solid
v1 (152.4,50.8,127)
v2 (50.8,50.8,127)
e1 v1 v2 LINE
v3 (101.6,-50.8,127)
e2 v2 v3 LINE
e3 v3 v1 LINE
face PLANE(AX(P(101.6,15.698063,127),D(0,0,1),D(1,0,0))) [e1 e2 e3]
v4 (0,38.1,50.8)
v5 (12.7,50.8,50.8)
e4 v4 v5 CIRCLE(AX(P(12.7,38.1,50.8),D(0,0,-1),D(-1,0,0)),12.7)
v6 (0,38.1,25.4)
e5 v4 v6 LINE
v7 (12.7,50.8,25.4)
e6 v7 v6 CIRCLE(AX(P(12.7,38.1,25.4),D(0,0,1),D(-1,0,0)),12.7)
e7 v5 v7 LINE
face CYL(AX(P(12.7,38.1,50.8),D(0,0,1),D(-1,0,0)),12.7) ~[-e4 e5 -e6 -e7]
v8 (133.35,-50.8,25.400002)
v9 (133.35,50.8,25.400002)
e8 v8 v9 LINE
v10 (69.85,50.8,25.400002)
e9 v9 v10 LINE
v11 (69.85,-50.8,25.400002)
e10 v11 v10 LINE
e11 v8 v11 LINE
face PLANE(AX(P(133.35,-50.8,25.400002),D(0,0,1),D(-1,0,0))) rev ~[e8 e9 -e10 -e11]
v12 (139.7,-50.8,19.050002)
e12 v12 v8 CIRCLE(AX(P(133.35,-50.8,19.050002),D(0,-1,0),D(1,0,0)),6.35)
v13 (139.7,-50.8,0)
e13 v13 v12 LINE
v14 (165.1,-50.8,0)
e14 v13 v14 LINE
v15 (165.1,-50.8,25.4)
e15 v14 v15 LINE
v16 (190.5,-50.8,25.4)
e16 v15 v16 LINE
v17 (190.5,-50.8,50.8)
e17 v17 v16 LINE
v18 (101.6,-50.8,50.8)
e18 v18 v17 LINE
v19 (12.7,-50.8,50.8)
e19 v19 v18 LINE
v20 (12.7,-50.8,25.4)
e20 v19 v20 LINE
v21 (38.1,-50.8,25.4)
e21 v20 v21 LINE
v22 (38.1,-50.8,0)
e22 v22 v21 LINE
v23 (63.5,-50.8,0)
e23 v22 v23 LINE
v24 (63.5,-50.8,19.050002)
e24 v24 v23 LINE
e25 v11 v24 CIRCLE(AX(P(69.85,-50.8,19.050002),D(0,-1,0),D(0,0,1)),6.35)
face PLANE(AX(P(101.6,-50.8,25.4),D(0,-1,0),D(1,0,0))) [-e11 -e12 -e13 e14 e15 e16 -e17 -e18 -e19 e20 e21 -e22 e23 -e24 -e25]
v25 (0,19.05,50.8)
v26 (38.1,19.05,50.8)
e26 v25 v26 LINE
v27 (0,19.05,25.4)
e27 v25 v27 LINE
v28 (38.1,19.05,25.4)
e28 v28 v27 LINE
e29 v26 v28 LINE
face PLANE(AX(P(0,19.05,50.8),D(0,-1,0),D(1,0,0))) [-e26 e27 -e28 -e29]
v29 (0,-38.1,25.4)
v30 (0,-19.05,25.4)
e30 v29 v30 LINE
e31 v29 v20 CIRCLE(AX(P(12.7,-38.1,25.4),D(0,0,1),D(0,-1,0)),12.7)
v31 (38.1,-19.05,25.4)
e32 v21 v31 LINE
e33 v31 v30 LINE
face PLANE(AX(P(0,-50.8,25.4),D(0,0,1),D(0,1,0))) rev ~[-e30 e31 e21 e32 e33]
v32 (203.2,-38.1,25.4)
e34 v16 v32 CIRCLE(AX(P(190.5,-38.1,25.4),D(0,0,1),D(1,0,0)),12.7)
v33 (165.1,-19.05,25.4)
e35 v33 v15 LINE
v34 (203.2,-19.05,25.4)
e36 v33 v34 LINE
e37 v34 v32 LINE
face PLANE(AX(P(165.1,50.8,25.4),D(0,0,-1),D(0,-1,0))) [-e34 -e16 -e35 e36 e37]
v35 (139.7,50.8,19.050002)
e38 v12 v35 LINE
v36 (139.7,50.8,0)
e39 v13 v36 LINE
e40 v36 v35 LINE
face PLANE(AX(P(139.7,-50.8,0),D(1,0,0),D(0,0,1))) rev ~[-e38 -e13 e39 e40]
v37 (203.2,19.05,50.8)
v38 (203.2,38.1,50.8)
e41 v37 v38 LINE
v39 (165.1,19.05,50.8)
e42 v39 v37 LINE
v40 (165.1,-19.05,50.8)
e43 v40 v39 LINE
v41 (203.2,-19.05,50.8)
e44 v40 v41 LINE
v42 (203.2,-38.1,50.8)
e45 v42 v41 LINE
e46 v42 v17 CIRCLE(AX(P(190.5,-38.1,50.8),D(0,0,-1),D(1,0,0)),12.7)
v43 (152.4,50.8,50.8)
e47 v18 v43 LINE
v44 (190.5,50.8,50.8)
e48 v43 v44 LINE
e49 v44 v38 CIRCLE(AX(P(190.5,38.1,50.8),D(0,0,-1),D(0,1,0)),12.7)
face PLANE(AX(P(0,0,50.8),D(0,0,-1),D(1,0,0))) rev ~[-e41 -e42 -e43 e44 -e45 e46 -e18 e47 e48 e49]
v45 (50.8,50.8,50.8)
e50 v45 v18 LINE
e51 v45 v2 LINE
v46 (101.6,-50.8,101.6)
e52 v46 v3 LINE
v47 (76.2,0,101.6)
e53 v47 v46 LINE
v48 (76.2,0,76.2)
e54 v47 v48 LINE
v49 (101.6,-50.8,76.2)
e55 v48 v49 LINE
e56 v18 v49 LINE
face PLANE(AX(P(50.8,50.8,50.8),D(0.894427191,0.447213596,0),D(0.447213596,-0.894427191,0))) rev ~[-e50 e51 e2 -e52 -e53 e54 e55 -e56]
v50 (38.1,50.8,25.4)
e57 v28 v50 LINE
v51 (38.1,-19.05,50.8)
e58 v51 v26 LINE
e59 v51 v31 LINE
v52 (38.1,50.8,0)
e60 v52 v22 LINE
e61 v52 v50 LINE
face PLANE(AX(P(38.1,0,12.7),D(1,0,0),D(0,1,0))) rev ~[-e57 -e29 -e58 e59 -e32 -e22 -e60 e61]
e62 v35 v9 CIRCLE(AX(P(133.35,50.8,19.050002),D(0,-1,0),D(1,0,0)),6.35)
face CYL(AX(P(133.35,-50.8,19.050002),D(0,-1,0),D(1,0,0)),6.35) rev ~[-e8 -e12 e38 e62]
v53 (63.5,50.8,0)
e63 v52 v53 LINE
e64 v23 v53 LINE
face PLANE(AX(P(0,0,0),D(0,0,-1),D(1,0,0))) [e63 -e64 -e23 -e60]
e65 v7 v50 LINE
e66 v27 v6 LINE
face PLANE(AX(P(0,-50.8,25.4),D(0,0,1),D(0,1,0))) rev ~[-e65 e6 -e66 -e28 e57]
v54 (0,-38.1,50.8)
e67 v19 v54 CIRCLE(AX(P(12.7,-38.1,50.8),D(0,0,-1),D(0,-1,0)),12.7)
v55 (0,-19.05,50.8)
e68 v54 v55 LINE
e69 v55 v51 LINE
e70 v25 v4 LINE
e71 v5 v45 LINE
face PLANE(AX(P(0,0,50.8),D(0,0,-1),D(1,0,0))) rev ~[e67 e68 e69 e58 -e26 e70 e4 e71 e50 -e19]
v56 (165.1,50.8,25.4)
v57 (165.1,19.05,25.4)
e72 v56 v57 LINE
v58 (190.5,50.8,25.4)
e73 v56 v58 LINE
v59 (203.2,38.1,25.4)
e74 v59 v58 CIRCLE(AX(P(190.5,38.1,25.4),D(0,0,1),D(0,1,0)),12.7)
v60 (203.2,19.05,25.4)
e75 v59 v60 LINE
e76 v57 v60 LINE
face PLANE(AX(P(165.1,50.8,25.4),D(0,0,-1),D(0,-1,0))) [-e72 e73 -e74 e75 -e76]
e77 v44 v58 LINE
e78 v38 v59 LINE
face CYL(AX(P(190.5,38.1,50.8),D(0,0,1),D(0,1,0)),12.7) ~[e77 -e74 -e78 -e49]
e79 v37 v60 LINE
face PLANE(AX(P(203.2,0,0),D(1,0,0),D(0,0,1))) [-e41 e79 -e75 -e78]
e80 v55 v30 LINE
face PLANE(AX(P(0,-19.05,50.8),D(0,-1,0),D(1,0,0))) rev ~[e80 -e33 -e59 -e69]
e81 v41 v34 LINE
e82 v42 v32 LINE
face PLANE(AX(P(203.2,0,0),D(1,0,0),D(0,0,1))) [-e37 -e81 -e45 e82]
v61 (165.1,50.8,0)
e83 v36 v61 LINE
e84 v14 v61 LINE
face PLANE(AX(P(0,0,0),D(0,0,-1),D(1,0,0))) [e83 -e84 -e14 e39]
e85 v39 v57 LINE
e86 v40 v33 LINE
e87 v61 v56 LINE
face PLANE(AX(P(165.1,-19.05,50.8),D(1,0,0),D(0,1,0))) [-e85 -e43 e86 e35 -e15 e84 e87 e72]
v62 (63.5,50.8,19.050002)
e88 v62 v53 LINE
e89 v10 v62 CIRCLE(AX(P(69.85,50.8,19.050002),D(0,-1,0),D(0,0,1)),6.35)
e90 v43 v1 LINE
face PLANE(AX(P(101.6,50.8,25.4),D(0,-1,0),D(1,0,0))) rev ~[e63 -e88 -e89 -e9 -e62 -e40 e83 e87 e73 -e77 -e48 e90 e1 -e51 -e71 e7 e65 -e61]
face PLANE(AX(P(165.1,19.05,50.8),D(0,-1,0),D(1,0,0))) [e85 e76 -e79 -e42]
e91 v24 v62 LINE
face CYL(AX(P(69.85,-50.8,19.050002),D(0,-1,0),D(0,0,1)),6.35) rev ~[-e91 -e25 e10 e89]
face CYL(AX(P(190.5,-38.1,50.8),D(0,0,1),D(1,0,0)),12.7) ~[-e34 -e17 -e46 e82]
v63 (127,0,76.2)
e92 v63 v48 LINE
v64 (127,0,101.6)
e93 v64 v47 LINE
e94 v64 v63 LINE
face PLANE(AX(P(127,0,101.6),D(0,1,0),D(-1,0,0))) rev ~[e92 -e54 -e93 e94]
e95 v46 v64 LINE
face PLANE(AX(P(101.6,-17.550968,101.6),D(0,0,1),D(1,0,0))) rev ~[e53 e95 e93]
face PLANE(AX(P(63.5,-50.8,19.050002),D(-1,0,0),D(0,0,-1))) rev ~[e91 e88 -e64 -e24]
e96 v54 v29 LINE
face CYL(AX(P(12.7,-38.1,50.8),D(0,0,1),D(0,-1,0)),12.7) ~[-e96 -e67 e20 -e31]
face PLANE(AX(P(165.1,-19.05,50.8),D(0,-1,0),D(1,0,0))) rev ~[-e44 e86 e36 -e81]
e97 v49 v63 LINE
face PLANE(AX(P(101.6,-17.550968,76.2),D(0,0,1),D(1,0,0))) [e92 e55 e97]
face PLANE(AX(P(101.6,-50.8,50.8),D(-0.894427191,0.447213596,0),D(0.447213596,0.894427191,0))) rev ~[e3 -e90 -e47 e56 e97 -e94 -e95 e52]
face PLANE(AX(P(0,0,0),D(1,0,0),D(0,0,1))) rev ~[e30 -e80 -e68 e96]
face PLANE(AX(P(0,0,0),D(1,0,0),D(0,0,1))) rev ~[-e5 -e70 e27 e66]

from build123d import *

# Parameters (mm, degrees)
F0_W      = 203.2
F0_H      = 50.8
F1_DEPTH  = 50.8
F2_W      = 38.1
F2_H      = 38.1
F3_DEPTH  = 50.801
F4_DEPTH  = 50.801
F5_W      = 101.6
F5_H      = 25.4
F6_DEPTH  = 38.1
F7_W      = 31.75
F7_H      = 25.4
F7_W_2    = 38.1
F8_DEPTH  = 38.1
F10_DEPTH = 101.601
F12_DEPTH = 50.801
F14_DEPTH = 76.2
F16_START = -25.4
F16_DEPTH = 25.4


with BuildPart() as f1:
    # F0 (on Front) → F1 (new body, symmetric)
    with BuildSketch(Plane.XZ):
        with Locations((101.6, 25.4)):
            Rectangle(F0_W, F0_H)
    extrude(amount=F1_DEPTH, both=True)

    # F2 (on face) → F3 (cut, through all)
    with BuildSketch(Plane.XY.offset(50.8)):
        with Locations((184.15, 0)):
            Rectangle(F2_W, F2_H)
    extrude(amount=-F3_DEPTH, mode=Mode.SUBTRACT)

    # F2 (on face) → F4 (cut, through all)
    with BuildSketch(Plane.XY.offset(50.8)):
        with Locations((19.05, 0)):
            Rectangle(F2_W, F2_H)
    extrude(amount=-F4_DEPTH, mode=Mode.SUBTRACT)

    # F5 (on Right) → F6 (cut)
    with BuildSketch(Plane.YZ):
        with Locations((0, 12.7)):
            Rectangle(F5_W, F5_H)
    extrude(amount=F6_DEPTH, mode=Mode.SUBTRACT)

    # F7 (on face) → F8 (cut)
    with BuildSketch(Plane.YZ.offset(165.1)):
        with Locations((34.925, 12.7)):
            Rectangle(F7_W, F7_H)
        with Locations((0, 12.7)):
            Rectangle(F7_W_2, F7_H)
        with Locations((-34.925, 12.7)):
            Rectangle(F7_W, F7_H)
    extrude(amount=F8_DEPTH, mode=Mode.SUBTRACT)

    # F9 (on face) → F10 (cut, through all)
    with BuildSketch(Plane.XZ.offset(50.8)):
        with BuildLine():
            Line((63.5, 19.0500015557), (63.5, 0))
            Line((63.5, 0), (139.7, 0))
            Line((139.7, 0), (139.7, 19.0500015557))
            ThreePointArc((139.7, 19.0500015557), (137.8401280605, 23.5401296162), (133.35, 25.4000015557))
            Line((133.35, 25.4000015557), (69.85, 25.4000015557))
            ThreePointArc((69.85, 25.4000015557), (65.3598719395, 23.5401296162), (63.5, 19.0500015557))
        make_face()
    extrude(amount=-F10_DEPTH, mode=Mode.SUBTRACT)

    # F11 (on face) → F12 (cut, through all)
    with BuildSketch(Plane.XY.offset(50.8)):
        with BuildLine():
            Line((0, 50.8), (0, 38.1))
            ThreePointArc((0, 38.1), (3.7197438789, 47.0802561211), (12.7, 50.8))
            Line((12.7, 50.8), (0, 50.8))
        make_face()
        with BuildLine():
            Line((0, -50.8), (12.7, -50.8))
            ThreePointArc((12.7, -50.8), (3.7197438789, -47.0802561211), (0, -38.1))
            Line((0, -38.1), (0, -50.8))
        make_face()
        with BuildLine():
            ThreePointArc((203.2, -38.1), (199.4802561211, -47.0802561211), (190.5, -50.8))
            Line((190.5, -50.8), (203.2, -50.8))
            Line((203.2, -50.8), (203.2, -38.1))
        make_face()
        with BuildLine():
            ThreePointArc((190.5, 50.8), (199.4802561211, 47.0802561211), (203.2, 38.1))
            Line((203.2, 38.1), (203.2, 50.8))
            Line((203.2, 50.8), (190.5, 50.8))
        make_face()
    extrude(amount=-F12_DEPTH, mode=Mode.SUBTRACT)

    # F13 (on face) → F14 (join)
    with BuildSketch(Plane.XY.offset(50.8)):
        Polygon((152.4, 50.8), (50.8, 50.8), (101.6, -50.8), align=None)
    extrude(amount=F14_DEPTH)

    # F15 (on face) → F16 (cut)
    with BuildSketch(Plane.XY.offset(127).offset(F16_START)):
        Polygon((101.6, -50.8), (127, 0), (76.2, 0), align=None)
    extrude(amount=-F16_DEPTH, mode=Mode.SUBTRACT)


solid = f1.part
